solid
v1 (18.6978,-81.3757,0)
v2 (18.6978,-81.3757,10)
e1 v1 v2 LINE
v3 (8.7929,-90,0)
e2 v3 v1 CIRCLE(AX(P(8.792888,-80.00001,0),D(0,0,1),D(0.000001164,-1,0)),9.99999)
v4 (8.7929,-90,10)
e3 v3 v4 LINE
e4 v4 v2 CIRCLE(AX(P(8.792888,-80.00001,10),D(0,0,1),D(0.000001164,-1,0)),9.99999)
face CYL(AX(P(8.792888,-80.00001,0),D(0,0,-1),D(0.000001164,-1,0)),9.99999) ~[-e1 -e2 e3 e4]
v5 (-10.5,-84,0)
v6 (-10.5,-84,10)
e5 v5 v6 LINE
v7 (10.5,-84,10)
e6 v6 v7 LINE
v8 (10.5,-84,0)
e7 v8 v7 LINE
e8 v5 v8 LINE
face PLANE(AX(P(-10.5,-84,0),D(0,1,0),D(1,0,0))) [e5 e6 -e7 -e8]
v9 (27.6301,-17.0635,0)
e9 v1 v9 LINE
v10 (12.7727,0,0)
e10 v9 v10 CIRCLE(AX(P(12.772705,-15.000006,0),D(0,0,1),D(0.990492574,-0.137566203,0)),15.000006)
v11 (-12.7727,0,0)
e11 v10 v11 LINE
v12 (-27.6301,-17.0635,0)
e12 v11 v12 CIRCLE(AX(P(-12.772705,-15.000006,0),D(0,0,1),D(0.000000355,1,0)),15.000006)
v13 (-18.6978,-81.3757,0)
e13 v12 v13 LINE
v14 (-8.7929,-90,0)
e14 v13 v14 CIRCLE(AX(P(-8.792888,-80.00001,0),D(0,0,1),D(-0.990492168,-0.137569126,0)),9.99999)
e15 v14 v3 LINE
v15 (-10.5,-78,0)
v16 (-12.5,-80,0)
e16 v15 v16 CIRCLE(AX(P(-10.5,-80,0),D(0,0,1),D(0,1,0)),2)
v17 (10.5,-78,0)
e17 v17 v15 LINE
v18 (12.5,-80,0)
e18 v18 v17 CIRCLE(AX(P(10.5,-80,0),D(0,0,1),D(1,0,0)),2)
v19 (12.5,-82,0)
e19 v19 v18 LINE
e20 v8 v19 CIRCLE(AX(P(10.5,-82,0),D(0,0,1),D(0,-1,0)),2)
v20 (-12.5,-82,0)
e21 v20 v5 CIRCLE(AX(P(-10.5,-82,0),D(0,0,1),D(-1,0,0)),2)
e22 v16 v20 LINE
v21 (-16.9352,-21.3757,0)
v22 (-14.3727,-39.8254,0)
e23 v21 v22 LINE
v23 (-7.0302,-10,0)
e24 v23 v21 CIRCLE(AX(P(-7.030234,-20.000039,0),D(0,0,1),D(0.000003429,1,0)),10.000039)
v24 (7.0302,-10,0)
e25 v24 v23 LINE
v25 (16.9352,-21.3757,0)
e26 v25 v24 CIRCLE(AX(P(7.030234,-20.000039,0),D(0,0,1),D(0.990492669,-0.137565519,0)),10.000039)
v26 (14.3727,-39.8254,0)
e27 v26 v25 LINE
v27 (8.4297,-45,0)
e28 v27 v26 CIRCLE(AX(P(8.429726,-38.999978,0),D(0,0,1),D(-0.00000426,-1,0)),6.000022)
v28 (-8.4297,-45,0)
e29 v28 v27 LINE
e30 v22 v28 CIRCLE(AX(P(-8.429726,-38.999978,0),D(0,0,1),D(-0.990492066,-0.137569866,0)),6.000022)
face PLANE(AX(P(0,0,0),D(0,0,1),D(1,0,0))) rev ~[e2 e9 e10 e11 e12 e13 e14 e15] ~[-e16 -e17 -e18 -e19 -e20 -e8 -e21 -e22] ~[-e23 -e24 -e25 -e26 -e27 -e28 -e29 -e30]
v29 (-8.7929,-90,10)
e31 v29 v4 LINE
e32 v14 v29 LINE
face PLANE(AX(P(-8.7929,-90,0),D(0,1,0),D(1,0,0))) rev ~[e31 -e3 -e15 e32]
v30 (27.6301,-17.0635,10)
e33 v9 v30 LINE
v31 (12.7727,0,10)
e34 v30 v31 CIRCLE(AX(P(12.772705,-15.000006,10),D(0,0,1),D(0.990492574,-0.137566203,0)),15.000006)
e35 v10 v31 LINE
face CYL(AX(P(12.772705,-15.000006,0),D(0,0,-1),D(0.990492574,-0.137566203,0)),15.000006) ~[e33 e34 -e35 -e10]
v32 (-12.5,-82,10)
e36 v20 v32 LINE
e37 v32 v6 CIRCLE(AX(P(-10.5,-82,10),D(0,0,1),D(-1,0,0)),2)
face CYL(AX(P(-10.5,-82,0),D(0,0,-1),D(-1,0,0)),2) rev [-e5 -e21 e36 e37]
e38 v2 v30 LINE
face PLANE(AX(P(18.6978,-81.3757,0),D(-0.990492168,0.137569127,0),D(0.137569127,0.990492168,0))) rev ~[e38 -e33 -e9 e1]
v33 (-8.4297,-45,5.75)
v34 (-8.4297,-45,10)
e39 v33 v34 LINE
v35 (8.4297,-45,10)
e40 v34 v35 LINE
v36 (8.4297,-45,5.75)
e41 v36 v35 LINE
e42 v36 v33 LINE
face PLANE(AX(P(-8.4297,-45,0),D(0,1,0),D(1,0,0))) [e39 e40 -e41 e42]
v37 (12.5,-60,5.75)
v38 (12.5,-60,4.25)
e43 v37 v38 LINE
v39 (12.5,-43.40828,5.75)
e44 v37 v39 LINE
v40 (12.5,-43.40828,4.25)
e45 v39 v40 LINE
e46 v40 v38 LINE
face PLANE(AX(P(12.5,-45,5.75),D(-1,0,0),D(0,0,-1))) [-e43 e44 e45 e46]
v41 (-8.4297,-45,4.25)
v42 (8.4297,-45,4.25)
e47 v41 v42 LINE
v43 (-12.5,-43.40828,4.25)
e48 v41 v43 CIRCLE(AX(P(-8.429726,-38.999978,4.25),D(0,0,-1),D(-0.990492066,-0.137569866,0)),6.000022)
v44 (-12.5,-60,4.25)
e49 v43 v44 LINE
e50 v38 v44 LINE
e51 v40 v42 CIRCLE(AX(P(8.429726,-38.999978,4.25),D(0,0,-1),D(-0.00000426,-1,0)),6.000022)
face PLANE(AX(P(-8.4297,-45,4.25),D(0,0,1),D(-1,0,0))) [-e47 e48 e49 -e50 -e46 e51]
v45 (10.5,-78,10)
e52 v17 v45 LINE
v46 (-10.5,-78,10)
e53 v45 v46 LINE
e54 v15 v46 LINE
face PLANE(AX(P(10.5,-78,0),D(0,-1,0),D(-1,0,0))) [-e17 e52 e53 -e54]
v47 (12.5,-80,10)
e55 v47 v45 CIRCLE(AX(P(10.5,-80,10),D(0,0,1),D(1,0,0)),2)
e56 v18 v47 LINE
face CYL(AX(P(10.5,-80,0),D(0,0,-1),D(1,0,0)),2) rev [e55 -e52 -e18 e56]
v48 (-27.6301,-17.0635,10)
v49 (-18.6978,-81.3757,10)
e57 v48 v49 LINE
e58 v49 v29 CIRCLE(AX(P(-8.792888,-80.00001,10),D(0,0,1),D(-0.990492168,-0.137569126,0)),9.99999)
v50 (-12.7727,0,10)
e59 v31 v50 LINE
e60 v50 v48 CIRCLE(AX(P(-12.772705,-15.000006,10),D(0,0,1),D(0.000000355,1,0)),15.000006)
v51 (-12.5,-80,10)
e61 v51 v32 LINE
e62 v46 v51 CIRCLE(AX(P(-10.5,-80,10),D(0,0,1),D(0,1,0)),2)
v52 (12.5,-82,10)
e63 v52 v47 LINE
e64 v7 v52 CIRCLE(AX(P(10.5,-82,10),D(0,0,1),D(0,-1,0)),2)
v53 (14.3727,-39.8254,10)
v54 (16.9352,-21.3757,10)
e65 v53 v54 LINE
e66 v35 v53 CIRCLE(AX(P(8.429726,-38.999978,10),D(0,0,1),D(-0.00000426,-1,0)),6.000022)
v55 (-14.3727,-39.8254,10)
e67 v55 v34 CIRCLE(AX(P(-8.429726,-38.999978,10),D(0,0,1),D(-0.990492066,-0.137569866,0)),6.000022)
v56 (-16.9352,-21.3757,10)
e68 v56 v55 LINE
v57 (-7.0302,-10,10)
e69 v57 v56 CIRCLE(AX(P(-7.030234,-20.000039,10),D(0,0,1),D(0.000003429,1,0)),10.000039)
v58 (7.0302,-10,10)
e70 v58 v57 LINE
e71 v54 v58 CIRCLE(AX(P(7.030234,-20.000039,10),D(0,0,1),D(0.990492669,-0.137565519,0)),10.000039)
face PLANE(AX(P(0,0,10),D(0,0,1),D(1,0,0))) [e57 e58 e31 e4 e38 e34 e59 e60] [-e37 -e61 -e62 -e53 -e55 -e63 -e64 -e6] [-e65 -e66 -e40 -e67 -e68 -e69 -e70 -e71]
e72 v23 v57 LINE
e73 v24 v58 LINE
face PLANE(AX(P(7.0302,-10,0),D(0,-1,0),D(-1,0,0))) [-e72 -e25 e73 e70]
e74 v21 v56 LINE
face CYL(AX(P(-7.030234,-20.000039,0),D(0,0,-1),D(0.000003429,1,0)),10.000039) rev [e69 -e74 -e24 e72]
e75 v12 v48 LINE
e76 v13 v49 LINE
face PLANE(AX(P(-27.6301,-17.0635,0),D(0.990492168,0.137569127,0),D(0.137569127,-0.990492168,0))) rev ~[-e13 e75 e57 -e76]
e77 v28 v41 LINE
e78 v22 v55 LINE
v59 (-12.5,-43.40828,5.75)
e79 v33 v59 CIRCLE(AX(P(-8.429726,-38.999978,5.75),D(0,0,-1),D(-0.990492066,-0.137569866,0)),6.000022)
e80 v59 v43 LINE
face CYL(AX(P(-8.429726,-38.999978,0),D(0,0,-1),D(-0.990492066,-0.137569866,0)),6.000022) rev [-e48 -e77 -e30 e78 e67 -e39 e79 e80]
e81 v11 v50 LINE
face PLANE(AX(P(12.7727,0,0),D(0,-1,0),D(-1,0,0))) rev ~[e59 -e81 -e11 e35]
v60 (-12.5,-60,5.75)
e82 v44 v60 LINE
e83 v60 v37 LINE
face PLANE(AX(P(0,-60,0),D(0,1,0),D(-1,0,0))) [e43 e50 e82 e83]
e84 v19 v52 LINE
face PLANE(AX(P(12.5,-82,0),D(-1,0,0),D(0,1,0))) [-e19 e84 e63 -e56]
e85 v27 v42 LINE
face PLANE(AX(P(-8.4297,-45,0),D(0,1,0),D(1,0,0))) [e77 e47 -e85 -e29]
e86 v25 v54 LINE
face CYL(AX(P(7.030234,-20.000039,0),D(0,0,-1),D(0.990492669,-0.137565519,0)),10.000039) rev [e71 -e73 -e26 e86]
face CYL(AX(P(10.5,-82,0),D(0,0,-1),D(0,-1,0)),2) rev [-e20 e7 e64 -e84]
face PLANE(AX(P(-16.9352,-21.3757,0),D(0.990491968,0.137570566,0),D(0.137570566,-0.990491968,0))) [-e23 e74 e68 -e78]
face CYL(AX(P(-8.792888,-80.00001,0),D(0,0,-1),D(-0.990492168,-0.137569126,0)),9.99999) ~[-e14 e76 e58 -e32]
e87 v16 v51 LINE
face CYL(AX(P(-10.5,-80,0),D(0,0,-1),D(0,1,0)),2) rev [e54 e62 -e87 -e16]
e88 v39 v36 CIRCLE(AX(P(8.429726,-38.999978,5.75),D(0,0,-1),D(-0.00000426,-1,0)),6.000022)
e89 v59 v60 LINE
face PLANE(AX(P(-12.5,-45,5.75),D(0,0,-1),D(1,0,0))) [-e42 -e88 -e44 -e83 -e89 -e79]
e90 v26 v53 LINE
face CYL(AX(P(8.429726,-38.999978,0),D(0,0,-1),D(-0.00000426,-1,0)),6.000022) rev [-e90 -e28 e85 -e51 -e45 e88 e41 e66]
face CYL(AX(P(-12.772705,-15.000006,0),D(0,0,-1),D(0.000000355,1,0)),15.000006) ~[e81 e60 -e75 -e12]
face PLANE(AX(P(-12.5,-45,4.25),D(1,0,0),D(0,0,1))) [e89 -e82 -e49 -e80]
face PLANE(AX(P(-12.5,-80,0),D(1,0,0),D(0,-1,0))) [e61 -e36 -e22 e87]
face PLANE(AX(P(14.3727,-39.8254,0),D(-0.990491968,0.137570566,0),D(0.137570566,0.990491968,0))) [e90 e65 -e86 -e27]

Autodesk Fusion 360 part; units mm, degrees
sketch "Sketch1" plane through (0, 0, 0) normal (0, 0, 1) x (1, 0, 0)
  line L0 (18.6978, -81.3757) -> (27.6301, -17.0635)
  line L1 (12.7727, 0) -> (-12.7727, 0)
  line L2 (-27.6301, -17.0635) -> (-18.6978, -81.3757)
  line L3 (-8.7929, -90) -> (8.7929, -90)
  arc A0 (-12.7727, 0) -> (-27.6301, -17.0635) centre (-12.7727, -15) ccw
  arc A1 (27.6301, -17.0635) -> (12.7727, 0) centre (12.7727, -15) ccw
  arc A2 (-18.6978, -81.3757) -> (-8.7929, -90) centre (-8.7929, -80) ccw
  arc A3 (8.7929, -90) -> (18.6978, -81.3757) centre (8.7929, -80) ccw
  line L4 (10.5, -78) -> (-10.5, -78)
  line L5 (-12.5, -80) -> (-12.5, -82)
  line L6 (-10.5, -84) -> (10.5, -84)
  line L7 (12.5, -82) -> (12.5, -80)
  arc A4 (-10.5, -78) -> (-12.5, -80) centre (-10.5, -80) ccw
  arc A5 (12.5, -80) -> (10.5, -78) centre (10.5, -80) ccw
  arc A6 (-12.5, -82) -> (-10.5, -84) centre (-10.5, -82) ccw
  arc A7 (10.5, -84) -> (12.5, -82) centre (10.5, -82) ccw
  line L8 (14.3727, -39.8254) -> (16.9352, -21.3757)
  line L9 (7.0302, -10) -> (-7.0302, -10)
  line L10 (-16.9352, -21.3757) -> (-14.3727, -39.8254)
  line L11 (-8.4297, -45) -> (8.4297, -45)
  arc A8 (-7.0302, -10) -> (-16.9352, -21.3757) centre (-7.0302, -20) ccw
  arc A9 (16.9352, -21.3757) -> (7.0302, -10) centre (7.0302, -20) ccw
  arc A10 (8.4297, -45) -> (14.3727, -39.8254) centre (8.4297, -39) ccw
  arc A11 (-14.3727, -39.8254) -> (-8.4297, -45) centre (-8.4297, -39) ccw
  point P0 (17.5, -90)
  point P1 (30, 0)
  point P2 (-30, 0)
  point P3 (-17.5, -90)
  point P4 (12.5, -78)
  point P5 (-12.5, -78)
  point P6 (12.5, -84)
  dimension "d3" = 90
  dimension "d4" = 60
  dimension "d5" = 35
  dimension "d9" = 12.5
  dimension "d10" = 15
  dimension "d11" = 15
  dimension "d12" = 10
  dimension "d13" = 10
  dimension "d14" = 25
  dimension "d15" = 6
  dimension "d16" = 6
  dimension "d17" = 2
  dimension "d18" = 2
  dimension "d19" = 2
  dimension "d20" = 2
  dimension "d21" = 12.5
  dimension "d22" = 10
  dimension "d23" = 10
  dimension "d24" = 6
  dimension "d25" = 6
  dimension "d26" = 10
  dimension "d27" = 10
  dimension "d28" = 10
  dimension "d29" = 35
extrude "Extrude1" add sketch "Sketch1" along normal blind 15
extrude "Extrude2" cut 1 faces at (2.8099, -67, 15) along direction (0, 0, -1) blind 3
extrude "Extrude3" cut 1 faces at (2.8099, -67, 12) along direction (0, 0, -1) blind 2
sketch "Sketch2" plane through (0, -45, 0) normal (0, 1, 0) x (-1, 0, 0)
  line L0 (8.4297, 10) -> (-8.4297, 10)
  line L1 (-8.4297, 10) -> (-8.4297, 0)
  line L2 (-8.4297, 0) -> (8.4297, 0)
  line L3 (8.4297, 0) -> (8.4297, 10)
  line L4 (12.5, 5.75) -> (-12.5, 5.75)
  line L5 (-12.5, 5.75) -> (-12.5, 4.25)
  line L6 (-12.5, 4.25) -> (12.5, 4.25)
  line L7 (12.5, 4.25) -> (12.5, 5.75)
  point P0 (-12.7727, 10)
  dimension "d36" = 25
  dimension "d37" = 1.5
  dimension "d38" = 12.5
  dimension "d39" = 4.25
extrude "Extrude4" cut sketch "Sketch2" along normal blind 3 and the other way blind 15 contours L3 L4 L6 L7 | L1 L3 L4 L6 | L1 L4 L5 L6
sketch "Sketch3" plane through (0, 0, 10) normal (0, 0, 1) x (-1, 0, 0)
  arc A0 (-10.5, 84) -> (-12.5, 82) centre (-10.5, 82) ccw
  line L0 (-10.5, 84) -> (10.5, 84)
  arc A1 (12.5, 82) -> (10.5, 84) centre (10.5, 82) ccw
  line L1 (12.5, 82) -> (12.5, 80)
  arc A2 (10.5, 78) -> (12.5, 80) centre (10.5, 80) ccw
  line L2 (10.5, 78) -> (-10.5, 78)
  arc A3 (-12.5, 80) -> (-10.5, 78) centre (-10.5, 80) ccw
  line L3 (-12.5, 80) -> (-12.5, 82)
  arc A4 (14.3727, 39.8254) -> (8.4297, 45) centre (8.4297, 39) ccw
  line L4 (14.3727, 39.8254) -> (16.9352, 21.3757)
  arc A5 (7.0302, 10) -> (16.9352, 21.3757) centre (7.0302, 20) ccw
  line L5 (7.0302, 10) -> (-7.0302, 10)
  arc A6 (-16.9352, 21.3757) -> (-7.0302, 10) centre (-7.0302, 20) ccw
  line L6 (-16.9352, 21.3757) -> (-14.3727, 39.8254)
  arc A7 (-8.4297, 45) -> (-14.3727, 39.8254) centre (-8.4297, 39) ccw
  line L7 (-8.4297, 45) -> (8.4297, 45)
  arc A8 (-8.7929, 90) -> (-18.6978, 81.3757) centre (-8.7929, 80) ccw
  line L8 (-18.6978, 81.3757) -> (-27.6301, 17.0635)
  arc A9 (-27.6301, 17.0635) -> (-12.7727, 0) centre (-12.7727, 15) ccw
  line L9 (-12.7727, 0) -> (12.7727, 0)
  arc A10 (12.7727, 0) -> (27.6301, 17.0635) centre (12.7727, 15) ccw
  line L10 (27.6301, 17.0635) -> (18.6978, 81.3757)
  arc A11 (18.6978, 81.3757) -> (8.7929, 90) centre (8.7929, 80) ccw
  line L11 (8.7929, 90) -> (-8.7929, 90)
equation "D_krona = 25 mm"
equation "þykkt_krona = 1.5 mm"
equation "d3 = haed"
equation "d4 = max_b"
equation "d5 = min_b"
equation "max_b = 60 mm"
equation "min_b = 35 mm"
equation "haed = 90 mm"
equation "d9 = ( max_b - min_b ) / 2"
equation "d14 = D_krona"
equation "d21 = D_krona / 2"
equation "d36 = D_krona"
equation "d37 = þykkt_krona"
equation "d38 = D_krona / 2"
equation "d39 = ( 10 mm - þykkt_krona ) / 2"
equation "d42 = D_krona - 10 mm"
